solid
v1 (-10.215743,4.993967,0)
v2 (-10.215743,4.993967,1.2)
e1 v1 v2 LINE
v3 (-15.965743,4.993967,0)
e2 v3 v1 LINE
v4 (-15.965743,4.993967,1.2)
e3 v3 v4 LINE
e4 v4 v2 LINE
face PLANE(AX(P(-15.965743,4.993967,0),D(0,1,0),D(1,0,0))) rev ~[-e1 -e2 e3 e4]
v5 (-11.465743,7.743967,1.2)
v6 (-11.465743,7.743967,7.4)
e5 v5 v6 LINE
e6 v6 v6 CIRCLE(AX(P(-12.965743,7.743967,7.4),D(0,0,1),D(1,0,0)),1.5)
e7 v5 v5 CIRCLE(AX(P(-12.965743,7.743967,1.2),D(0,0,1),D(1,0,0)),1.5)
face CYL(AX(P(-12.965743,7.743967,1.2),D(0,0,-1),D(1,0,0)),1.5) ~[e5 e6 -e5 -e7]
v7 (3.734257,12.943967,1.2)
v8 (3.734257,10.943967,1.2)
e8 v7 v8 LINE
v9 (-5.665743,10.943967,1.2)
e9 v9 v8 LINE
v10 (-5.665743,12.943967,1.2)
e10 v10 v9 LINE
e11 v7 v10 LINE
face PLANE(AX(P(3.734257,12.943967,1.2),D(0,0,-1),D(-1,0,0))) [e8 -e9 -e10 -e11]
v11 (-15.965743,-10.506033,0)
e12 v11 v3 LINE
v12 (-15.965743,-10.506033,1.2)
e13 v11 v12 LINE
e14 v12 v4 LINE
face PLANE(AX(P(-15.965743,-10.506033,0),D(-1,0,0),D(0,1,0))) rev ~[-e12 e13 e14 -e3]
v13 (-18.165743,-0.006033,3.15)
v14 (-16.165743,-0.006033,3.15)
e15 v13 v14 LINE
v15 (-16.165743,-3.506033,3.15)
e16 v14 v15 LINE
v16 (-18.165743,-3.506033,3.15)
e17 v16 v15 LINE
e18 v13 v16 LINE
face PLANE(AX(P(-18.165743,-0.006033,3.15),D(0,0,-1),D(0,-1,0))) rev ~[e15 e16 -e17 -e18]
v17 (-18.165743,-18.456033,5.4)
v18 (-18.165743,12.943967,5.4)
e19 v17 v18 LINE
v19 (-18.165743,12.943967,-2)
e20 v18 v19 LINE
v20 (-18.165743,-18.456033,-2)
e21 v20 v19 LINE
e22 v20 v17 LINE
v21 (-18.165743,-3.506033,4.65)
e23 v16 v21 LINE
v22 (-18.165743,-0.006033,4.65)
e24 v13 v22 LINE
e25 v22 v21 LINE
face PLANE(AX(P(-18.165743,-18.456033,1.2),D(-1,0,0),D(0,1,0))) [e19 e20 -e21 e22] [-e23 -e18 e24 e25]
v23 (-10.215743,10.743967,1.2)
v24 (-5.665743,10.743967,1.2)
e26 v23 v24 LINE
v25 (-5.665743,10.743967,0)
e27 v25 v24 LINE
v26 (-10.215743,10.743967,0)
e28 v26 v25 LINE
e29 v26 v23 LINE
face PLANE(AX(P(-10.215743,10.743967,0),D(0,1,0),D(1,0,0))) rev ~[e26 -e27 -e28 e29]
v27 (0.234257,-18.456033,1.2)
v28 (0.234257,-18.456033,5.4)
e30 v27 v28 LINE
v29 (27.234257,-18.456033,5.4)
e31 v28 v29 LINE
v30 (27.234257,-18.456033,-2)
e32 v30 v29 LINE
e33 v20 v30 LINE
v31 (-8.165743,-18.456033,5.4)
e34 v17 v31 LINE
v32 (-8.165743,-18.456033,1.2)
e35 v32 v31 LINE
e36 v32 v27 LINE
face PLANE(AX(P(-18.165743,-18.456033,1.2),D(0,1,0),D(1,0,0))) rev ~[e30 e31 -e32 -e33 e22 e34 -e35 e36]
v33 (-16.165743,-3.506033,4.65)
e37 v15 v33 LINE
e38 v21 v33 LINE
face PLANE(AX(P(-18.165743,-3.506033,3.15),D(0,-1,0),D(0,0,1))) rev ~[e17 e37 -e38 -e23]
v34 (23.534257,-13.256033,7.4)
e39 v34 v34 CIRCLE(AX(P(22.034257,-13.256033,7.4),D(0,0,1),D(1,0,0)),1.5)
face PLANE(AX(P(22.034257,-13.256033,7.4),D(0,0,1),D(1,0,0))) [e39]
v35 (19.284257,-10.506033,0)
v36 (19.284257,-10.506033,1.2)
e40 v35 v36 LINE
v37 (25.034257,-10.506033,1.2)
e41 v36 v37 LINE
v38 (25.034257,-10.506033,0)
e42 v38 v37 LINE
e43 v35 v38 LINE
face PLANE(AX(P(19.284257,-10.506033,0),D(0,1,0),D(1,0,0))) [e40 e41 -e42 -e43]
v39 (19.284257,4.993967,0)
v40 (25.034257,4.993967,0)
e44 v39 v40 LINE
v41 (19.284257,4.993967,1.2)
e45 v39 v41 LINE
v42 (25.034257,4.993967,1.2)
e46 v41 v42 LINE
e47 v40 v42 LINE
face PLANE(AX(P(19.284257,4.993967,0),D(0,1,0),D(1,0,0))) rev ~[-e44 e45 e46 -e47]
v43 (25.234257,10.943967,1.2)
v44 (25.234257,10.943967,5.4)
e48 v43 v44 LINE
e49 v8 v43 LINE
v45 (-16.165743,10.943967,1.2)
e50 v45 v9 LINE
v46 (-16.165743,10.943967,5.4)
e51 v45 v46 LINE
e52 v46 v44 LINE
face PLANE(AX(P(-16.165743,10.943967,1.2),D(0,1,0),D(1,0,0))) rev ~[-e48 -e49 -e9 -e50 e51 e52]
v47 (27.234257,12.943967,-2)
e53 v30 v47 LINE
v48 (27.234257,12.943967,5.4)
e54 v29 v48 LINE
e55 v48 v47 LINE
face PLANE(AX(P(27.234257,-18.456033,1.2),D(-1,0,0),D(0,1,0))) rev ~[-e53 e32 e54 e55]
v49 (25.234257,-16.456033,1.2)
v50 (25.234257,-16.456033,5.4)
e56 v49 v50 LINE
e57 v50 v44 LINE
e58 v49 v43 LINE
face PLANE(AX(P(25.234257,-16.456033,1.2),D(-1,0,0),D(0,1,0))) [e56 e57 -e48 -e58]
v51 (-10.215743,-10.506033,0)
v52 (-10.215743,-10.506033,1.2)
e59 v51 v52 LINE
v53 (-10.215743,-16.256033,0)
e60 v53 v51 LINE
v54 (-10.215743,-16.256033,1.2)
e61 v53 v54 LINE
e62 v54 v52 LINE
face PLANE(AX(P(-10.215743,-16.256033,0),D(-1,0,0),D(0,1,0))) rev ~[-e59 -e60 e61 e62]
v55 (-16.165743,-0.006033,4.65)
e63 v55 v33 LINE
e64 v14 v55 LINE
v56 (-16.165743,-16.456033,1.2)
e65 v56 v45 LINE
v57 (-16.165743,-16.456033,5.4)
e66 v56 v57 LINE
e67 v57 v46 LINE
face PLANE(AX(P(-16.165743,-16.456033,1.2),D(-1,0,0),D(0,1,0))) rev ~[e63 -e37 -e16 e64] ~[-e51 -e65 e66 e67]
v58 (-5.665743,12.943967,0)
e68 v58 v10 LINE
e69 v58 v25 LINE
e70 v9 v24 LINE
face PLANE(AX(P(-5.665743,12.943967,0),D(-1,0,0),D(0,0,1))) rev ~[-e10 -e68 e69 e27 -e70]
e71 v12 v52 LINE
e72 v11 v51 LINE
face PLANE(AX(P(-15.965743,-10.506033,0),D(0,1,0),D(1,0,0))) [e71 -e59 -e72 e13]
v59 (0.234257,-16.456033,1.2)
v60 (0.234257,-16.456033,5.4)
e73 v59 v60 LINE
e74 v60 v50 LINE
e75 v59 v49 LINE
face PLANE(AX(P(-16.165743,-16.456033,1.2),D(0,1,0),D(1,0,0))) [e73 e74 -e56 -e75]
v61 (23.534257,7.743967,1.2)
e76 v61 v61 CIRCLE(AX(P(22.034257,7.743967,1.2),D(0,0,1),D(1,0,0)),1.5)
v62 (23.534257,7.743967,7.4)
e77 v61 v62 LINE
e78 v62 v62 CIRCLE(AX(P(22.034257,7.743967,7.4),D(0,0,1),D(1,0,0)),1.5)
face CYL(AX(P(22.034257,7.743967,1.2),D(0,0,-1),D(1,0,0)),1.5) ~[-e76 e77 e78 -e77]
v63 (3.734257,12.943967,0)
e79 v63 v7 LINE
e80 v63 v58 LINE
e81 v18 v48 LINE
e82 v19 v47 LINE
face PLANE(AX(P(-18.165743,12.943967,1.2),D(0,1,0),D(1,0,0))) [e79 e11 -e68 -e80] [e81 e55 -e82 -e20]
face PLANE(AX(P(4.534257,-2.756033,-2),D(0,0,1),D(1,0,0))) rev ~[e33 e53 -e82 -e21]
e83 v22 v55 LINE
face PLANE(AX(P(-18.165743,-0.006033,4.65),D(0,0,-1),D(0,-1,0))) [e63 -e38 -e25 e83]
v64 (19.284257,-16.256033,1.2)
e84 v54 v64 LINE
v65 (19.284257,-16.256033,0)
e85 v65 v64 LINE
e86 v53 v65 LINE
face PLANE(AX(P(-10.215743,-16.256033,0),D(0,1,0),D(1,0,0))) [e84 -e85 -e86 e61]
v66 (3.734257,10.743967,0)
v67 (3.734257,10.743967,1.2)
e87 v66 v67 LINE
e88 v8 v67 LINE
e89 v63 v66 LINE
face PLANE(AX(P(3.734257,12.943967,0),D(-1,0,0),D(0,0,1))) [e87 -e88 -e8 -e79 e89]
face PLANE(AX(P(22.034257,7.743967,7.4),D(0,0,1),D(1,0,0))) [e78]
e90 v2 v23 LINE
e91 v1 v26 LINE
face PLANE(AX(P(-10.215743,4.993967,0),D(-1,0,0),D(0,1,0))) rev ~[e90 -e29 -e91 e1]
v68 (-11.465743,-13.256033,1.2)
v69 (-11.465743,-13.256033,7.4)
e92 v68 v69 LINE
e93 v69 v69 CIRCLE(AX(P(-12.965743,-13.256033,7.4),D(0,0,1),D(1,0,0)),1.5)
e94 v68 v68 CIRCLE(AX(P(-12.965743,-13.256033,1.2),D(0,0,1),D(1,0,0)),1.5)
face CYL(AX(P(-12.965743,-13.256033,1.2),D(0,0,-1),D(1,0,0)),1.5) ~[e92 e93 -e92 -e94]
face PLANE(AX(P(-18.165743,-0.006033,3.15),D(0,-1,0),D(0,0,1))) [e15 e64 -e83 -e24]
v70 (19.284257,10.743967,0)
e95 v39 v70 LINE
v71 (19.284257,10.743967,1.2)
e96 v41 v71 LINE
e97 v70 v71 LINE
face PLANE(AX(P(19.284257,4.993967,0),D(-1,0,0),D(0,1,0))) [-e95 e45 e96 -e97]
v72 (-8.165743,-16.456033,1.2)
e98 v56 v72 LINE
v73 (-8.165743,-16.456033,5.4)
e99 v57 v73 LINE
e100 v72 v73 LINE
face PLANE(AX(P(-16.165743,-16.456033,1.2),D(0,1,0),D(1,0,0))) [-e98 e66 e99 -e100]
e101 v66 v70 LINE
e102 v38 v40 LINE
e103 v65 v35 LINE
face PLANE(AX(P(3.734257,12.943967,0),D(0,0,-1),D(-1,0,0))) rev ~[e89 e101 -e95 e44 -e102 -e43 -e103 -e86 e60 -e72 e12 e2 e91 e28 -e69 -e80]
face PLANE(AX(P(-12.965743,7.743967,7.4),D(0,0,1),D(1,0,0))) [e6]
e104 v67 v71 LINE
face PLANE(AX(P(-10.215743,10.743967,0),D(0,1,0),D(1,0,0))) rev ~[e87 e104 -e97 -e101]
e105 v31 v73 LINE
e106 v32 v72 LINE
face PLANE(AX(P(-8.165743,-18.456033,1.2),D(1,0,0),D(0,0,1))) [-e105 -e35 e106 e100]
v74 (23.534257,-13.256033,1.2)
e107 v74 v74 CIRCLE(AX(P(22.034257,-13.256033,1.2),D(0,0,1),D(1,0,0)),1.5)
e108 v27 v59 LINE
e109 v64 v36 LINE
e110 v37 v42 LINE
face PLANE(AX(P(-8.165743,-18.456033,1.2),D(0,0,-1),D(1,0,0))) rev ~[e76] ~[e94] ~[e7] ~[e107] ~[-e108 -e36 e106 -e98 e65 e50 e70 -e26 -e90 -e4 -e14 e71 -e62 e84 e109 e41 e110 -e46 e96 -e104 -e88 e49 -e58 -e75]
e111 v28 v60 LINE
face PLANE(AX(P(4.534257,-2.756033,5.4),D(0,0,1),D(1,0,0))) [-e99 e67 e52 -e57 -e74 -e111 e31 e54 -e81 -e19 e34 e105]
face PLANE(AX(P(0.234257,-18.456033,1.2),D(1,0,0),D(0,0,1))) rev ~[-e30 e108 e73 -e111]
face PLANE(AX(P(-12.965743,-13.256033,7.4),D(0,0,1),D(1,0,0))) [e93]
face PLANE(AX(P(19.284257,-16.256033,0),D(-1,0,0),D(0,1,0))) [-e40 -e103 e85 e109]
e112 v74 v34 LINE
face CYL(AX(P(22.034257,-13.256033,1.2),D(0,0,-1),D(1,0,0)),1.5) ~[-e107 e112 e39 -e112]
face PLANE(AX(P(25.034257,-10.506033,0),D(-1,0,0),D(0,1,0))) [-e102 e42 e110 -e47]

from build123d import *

# Parameters (mm, degrees)
F2_W      = 45.4
F2_H      = 31.4
F2_W_2    = 5.75
F2_H_2    = 5.75
F2_R      = 1.75
F2_W_3    = 29.5
F2_H_3    = 0.2
F2_W_4    = 0.2
F2_H_4    = 15.5
F3_DEPTH  = 1.2
F4_DEPTH  = 2
F5_W      = 45.4
F5_H      = 31.4
F5_W_2    = 41.4
F5_H_2    = 27.4
F6_DEPTH  = 4.2
F5_R      = 1.5
F7_DEPTH  = 6.2
F8_W      = 3.5
F8_H      = 1.5
F9_DEPTH  = 2
F10_W     = 8.4
F10_H     = 4.2
F11_DEPTH = 2
F12_W     = 9.4
F12_H     = 1.2
F13_DEPTH = 2.2


with BuildPart() as f3:
    # F2 (on Top) → F3 (new body)
    with BuildSketch(Plane.XY):
        with Locations((4.5342570215, -2.7560327426)):
            Rectangle(F2_W, F2_H)
        Polygon((-16.1657429785, 10.9439672574), (-10.2157429785, 10.9439672574), (19.2842570215, 10.9439672574), (25.2342570215, 10.9439672574), (25.2342570215, 4.9939672574), (25.2342570215, -10.5060327426), (25.2342570215, -16.4560327426), (19.2842570215, -16.4560327426), (-10.2157429785, -16.4560327426), (-16.1657429785, -16.4560327426), (-16.1657429785, -10.5060327426), (-16.1657429785, 4.9939672574), align=None, mode=Mode.SUBTRACT)
        with Locations((22.1592570215, 7.8689672574)):
            Rectangle(F2_W_2, F2_H_2)
        with Locations((22.0342570215, 7.7439672574)):
            Circle(F2_R, mode=Mode.SUBTRACT)
        with Locations((-13.0907429785, 7.8689672574)):
            Rectangle(F2_W_2, F2_H_2)
        with Locations((-12.9657429785, 7.7439672574)):
            Circle(F2_R, mode=Mode.SUBTRACT)
        with Locations((22.1592570215, -13.3810327426)):
            Rectangle(F2_W_2, F2_H_2)
        with Locations((22.0342570215, -13.2560327426)):
            Circle(F2_R, mode=Mode.SUBTRACT)
        with Locations((-13.0907429785, -13.3810327426)):
            Rectangle(F2_W_2, F2_H_2)
        with Locations((-12.9657429785, -13.2560327426)):
            Circle(F2_R, mode=Mode.SUBTRACT)
        with Locations((-12.9657429785, 7.7439672574)):
            Circle(F2_R)
        with Locations((22.0342570215, 7.7439672574)):
            Circle(F2_R)
        with Locations((22.0342570215, -13.2560327426)):
            Circle(F2_R)
        with Locations((-12.9657429785, -13.2560327426)):
            Circle(F2_R)
        with Locations((4.5342570215, -16.3560327426)):
            Rectangle(F2_W_3, F2_H_3)
        with Locations((4.5342570215, 10.8439672574)):
            Rectangle(F2_W_3, F2_H_3)
        with Locations((-16.0657429785, -2.7560327426)):
            Rectangle(F2_W_4, F2_H_4)
        with Locations((25.1342570215, -2.7560327426)):
            Rectangle(F2_W_4, F2_H_4)
        Polygon((-15.9657429785, -16.2560327426), (-15.9657429785, -10.5060327426), (-16.1657429785, -10.5060327426), (-16.1657429785, -16.4560327426), (-10.2157429785, -16.4560327426), (-10.2157429785, -16.2560327426), align=None)
        Polygon((-15.9657429785, 4.9939672574), (-15.9657429785, 10.7439672574), (-10.2157429785, 10.7439672574), (-10.2157429785, 10.9439672574), (-16.1657429785, 10.9439672574), (-16.1657429785, 4.9939672574), align=None)
        Polygon((25.2342570215, -10.5060327426), (25.0342570215, -10.5060327426), (25.0342570215, -16.2560327426), (19.2842570215, -16.2560327426), (19.2842570215, -16.4560327426), (25.2342570215, -16.4560327426), align=None)
        Polygon((19.2842570215, 10.9439672574), (19.2842570215, 10.7439672574), (25.0342570215, 10.7439672574), (25.0342570215, 4.9939672574), (25.2342570215, 4.9939672574), (25.2342570215, 10.9439672574), align=None)
    extrude(amount=F3_DEPTH)

    # F2 (on Top) → F4 (join)
    with BuildSketch(Plane.XY):
        with Locations((4.5342570215, -2.7560327426)):
            Rectangle(F2_W, F2_H)
        Polygon((-16.1657429785, 10.9439672574), (-10.2157429785, 10.9439672574), (19.2842570215, 10.9439672574), (25.2342570215, 10.9439672574), (25.2342570215, 4.9939672574), (25.2342570215, -10.5060327426), (25.2342570215, -16.4560327426), (19.2842570215, -16.4560327426), (-10.2157429785, -16.4560327426), (-16.1657429785, -16.4560327426), (-16.1657429785, -10.5060327426), (-16.1657429785, 4.9939672574), align=None, mode=Mode.SUBTRACT)
        Polygon((19.2842570215, 10.7439672574), (-10.2157429785, 10.7439672574), (-10.2157429785, 4.9939672574), (-15.9657429785, 4.9939672574), (-15.9657429785, -10.5060327426), (-10.2157429785, -10.5060327426), (-10.2157429785, -16.2560327426), (19.2842570215, -16.2560327426), (19.2842570215, -10.5060327426), (25.0342570215, -10.5060327426), (25.0342570215, 4.9939672574), (19.2842570215, 4.9939672574), align=None)
        with Locations((-13.0907429785, 7.8689672574)):
            Rectangle(F2_W_2, F2_H_2)
        with Locations((-12.9657429785, 7.7439672574)):
            Circle(F2_R, mode=Mode.SUBTRACT)
        with Locations((-13.0907429785, -13.3810327426)):
            Rectangle(F2_W_2, F2_H_2)
        with Locations((-12.9657429785, -13.2560327426)):
            Circle(F2_R, mode=Mode.SUBTRACT)
        with Locations((22.1592570215, -13.3810327426)):
            Rectangle(F2_W_2, F2_H_2)
        with Locations((22.0342570215, -13.2560327426)):
            Circle(F2_R, mode=Mode.SUBTRACT)
        with Locations((22.1592570215, 7.8689672574)):
            Rectangle(F2_W_2, F2_H_2)
        with Locations((22.0342570215, 7.7439672574)):
            Circle(F2_R, mode=Mode.SUBTRACT)
        with Locations((-12.9657429785, 7.7439672574)):
            Circle(F2_R)
        with Locations((-12.9657429785, -13.2560327426)):
            Circle(F2_R)
        with Locations((22.0342570215, -13.2560327426)):
            Circle(F2_R)
        with Locations((22.0342570215, 7.7439672574)):
            Circle(F2_R)
        with Locations((4.5342570215, 10.8439672574)):
            Rectangle(F2_W_3, F2_H_3)
        with Locations((4.5342570215, -16.3560327426)):
            Rectangle(F2_W_3, F2_H_3)
        with Locations((-16.0657429785, -2.7560327426)):
            Rectangle(F2_W_4, F2_H_4)
        with Locations((25.1342570215, -2.7560327426)):
            Rectangle(F2_W_4, F2_H_4)
        Polygon((-15.9657429785, 4.9939672574), (-15.9657429785, 10.7439672574), (-10.2157429785, 10.7439672574), (-10.2157429785, 10.9439672574), (-16.1657429785, 10.9439672574), (-16.1657429785, 4.9939672574), align=None)
        Polygon((-15.9657429785, -16.2560327426), (-15.9657429785, -10.5060327426), (-16.1657429785, -10.5060327426), (-16.1657429785, -16.4560327426), (-10.2157429785, -16.4560327426), (-10.2157429785, -16.2560327426), align=None)
        Polygon((25.2342570215, -10.5060327426), (25.0342570215, -10.5060327426), (25.0342570215, -16.2560327426), (19.2842570215, -16.2560327426), (19.2842570215, -16.4560327426), (25.2342570215, -16.4560327426), align=None)
        Polygon((19.2842570215, 10.9439672574), (19.2842570215, 10.7439672574), (25.0342570215, 10.7439672574), (25.0342570215, 4.9939672574), (25.2342570215, 4.9939672574), (25.2342570215, 10.9439672574), align=None)
    extrude(amount=-F4_DEPTH)

    # F5 (on face) → F6 (join)
    with BuildSketch(Plane.XY.offset(1.2)):
        with Locations((4.5342570215, -2.7560327426)):
            Rectangle(F5_W, F5_H)
        with Locations((4.5342570215, -2.7560327426)):
            Rectangle(F5_W_2, F5_H_2, mode=Mode.SUBTRACT)
    extrude(amount=F6_DEPTH)

    # F5 (on face) → F7 (join)
    with BuildSketch(Plane.XY.offset(1.2)):
        with Locations((-12.9657429785, 7.7439672574)):
            Circle(F5_R)
        with Locations((22.0342570215, 7.7439672574)):
            Circle(F5_R)
        with Locations((22.0342570215, -13.2560327426)):
            Circle(F5_R)
        with Locations((-12.9657429785, -13.2560327426)):
            Circle(F5_R)
    extrude(amount=F7_DEPTH)

    # F8 (on face) → F9 (cut, through all)
    with BuildSketch(Plane(origin=(-18.1657429785, 0, 0), x_dir=(0, -1, 0), z_dir=(-1, 0, 0))):
        with Locations((1.7560327426, 3.9)):
            Rectangle(F8_W, F8_H)
    extrude(amount=-F9_DEPTH, mode=Mode.SUBTRACT)

    # F10 (on face) → F11 (cut, through all)
    with BuildSketch(Plane.XZ.offset(18.4560327426)):
        with Locations((-3.9657429785, 3.3)):
            Rectangle(F10_W, F10_H)
    extrude(amount=-F11_DEPTH, mode=Mode.SUBTRACT)

    # F12 (on face) → F13 (cut, through all)
    with BuildSketch(Plane(origin=(0, 12.9439672574, 0), x_dir=(-1, 0, 0), z_dir=(0, 1, 0))):
        with Locations((0.9657429785, 0.6)):
            Rectangle(F12_W, F12_H)
    extrude(amount=-F13_DEPTH, mode=Mode.SUBTRACT)


solid = f3.part
